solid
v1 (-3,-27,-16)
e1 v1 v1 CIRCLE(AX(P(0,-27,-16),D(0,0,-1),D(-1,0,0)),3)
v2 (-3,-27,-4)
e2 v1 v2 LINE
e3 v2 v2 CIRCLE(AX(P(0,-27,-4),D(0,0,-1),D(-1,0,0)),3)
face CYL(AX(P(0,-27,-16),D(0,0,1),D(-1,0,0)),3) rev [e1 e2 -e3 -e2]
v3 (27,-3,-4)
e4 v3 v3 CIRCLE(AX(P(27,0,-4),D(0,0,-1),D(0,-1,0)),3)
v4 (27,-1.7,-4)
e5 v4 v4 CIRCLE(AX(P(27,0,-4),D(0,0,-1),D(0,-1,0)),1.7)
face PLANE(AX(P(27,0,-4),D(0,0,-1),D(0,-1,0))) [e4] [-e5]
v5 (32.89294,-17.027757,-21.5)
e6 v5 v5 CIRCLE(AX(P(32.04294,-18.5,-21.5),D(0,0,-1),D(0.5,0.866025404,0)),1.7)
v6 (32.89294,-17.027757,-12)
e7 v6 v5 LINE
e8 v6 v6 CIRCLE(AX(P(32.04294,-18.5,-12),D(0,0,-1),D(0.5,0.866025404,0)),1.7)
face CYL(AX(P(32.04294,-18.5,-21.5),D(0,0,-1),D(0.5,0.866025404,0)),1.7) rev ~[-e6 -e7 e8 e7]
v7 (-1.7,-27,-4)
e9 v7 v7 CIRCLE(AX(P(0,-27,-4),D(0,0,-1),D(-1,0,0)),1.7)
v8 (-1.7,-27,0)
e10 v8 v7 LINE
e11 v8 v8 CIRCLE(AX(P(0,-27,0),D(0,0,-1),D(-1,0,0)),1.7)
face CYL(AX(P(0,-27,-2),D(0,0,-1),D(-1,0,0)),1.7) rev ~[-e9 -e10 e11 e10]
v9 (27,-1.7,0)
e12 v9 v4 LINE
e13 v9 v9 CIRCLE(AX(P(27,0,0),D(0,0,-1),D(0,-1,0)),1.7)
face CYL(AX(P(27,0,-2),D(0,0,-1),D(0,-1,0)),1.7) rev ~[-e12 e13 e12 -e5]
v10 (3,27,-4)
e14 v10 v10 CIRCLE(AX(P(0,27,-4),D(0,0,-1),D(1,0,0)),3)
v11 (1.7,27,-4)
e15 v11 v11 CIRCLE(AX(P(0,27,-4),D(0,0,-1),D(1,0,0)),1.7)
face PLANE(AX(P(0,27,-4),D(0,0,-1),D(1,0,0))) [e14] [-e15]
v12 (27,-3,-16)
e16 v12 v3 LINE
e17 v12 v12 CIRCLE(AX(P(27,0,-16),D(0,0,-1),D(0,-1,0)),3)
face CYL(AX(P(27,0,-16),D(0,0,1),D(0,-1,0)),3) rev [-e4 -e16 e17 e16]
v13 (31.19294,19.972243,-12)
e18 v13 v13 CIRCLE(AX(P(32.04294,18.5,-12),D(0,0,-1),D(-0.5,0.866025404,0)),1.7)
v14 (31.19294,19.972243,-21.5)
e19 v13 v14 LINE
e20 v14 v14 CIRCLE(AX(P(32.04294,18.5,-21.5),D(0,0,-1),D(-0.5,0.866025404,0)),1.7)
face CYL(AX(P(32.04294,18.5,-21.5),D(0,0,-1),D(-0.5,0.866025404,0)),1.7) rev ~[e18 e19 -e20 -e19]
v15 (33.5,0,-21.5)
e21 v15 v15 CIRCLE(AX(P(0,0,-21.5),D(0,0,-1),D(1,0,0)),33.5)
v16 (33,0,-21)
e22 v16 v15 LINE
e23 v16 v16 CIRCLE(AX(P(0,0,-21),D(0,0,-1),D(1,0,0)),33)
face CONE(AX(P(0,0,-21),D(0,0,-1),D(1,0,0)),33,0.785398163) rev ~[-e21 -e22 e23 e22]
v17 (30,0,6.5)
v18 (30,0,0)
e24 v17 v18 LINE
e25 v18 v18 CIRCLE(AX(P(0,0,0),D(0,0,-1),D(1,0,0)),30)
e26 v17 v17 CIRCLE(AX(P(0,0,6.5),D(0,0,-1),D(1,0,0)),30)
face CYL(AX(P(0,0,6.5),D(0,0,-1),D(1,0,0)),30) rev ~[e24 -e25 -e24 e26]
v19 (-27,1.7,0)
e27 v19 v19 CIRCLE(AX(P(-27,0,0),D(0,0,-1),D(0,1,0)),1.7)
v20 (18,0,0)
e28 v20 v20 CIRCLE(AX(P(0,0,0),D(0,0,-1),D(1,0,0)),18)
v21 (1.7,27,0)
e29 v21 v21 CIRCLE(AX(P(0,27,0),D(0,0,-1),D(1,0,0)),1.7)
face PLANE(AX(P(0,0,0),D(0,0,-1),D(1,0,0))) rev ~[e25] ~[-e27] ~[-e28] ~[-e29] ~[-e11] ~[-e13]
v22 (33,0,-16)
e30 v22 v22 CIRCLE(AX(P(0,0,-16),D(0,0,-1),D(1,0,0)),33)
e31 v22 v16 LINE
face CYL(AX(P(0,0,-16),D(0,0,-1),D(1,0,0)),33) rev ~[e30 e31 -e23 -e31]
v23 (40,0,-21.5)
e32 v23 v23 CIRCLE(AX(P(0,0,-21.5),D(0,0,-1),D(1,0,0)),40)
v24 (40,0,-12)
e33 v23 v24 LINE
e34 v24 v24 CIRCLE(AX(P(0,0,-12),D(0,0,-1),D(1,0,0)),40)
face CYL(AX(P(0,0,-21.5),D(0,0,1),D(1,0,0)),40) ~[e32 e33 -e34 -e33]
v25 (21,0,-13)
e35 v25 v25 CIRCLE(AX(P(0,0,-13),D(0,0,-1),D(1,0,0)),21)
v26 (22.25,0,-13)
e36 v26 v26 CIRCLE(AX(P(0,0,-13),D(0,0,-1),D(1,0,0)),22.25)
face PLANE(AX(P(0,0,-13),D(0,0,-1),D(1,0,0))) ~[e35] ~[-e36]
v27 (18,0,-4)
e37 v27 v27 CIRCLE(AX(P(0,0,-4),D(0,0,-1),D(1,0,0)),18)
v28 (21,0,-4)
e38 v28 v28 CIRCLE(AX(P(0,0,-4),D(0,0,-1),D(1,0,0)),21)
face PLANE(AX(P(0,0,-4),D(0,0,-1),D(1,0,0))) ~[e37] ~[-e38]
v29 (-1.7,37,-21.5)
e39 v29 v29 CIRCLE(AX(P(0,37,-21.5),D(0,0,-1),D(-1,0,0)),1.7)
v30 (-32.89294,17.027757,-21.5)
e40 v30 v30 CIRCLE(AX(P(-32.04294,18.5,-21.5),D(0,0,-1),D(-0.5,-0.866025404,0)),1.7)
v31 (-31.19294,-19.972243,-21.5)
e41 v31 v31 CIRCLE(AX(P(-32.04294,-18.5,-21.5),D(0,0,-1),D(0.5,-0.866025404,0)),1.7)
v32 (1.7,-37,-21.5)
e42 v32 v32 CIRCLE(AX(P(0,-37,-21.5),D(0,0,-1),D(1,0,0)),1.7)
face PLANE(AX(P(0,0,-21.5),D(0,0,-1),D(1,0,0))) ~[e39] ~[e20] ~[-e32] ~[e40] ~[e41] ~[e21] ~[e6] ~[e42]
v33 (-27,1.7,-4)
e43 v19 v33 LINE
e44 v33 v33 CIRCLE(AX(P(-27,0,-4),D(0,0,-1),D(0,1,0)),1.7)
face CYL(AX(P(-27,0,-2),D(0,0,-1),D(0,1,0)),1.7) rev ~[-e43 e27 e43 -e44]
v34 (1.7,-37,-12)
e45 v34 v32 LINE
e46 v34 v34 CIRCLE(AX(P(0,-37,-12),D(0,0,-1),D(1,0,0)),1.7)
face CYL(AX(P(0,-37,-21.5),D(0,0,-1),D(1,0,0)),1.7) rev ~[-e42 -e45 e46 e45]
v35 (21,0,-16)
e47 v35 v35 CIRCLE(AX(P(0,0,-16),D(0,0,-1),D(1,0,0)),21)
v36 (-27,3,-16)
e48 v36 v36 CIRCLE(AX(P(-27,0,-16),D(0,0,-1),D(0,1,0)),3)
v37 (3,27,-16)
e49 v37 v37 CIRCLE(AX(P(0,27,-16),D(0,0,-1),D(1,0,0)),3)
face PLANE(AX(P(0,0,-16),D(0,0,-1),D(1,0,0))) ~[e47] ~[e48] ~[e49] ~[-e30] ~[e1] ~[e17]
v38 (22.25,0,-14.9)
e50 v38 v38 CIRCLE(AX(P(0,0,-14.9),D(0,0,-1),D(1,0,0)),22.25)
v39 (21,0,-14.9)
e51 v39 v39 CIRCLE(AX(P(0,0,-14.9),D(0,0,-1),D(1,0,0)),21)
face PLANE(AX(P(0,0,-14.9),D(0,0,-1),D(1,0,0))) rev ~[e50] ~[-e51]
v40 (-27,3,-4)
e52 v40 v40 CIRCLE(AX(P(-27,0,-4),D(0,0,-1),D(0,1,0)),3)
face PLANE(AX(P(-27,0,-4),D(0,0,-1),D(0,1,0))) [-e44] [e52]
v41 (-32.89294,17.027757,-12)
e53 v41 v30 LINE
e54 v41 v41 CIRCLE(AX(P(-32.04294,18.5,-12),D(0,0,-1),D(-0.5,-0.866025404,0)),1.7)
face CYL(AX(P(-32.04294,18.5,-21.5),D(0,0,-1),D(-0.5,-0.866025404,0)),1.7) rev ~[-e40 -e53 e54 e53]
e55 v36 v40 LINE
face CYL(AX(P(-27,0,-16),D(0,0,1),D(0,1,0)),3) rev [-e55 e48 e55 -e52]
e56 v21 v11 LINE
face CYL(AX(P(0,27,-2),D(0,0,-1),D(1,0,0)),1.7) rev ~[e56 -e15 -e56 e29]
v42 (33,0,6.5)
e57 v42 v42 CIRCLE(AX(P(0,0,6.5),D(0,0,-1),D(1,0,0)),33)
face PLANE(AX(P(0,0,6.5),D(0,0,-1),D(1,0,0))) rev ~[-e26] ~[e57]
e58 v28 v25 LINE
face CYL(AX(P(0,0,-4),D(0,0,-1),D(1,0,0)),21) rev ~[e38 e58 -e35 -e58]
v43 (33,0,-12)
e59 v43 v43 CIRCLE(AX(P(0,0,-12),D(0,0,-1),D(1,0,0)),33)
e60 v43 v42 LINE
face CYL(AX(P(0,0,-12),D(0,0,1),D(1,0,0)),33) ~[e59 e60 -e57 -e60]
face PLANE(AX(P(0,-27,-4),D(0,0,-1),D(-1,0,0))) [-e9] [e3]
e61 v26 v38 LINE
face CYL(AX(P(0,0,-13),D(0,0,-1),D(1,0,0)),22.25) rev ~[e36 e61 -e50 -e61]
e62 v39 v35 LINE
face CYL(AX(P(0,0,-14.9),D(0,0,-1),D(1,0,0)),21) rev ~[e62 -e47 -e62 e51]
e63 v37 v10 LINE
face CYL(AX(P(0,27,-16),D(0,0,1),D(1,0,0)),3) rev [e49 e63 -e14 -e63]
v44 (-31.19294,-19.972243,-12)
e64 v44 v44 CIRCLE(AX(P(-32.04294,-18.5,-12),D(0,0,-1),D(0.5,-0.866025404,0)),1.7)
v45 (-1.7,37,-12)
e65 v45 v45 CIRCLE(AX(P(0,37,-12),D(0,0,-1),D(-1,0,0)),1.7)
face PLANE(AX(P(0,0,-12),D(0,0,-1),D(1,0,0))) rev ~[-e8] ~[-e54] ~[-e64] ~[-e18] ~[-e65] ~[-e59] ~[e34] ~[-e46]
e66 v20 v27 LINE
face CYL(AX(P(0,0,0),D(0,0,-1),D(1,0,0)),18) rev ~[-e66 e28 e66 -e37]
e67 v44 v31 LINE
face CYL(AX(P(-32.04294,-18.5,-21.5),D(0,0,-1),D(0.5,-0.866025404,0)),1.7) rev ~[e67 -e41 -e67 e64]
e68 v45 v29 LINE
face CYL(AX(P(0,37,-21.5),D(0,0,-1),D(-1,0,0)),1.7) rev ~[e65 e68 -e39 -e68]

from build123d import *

# Parameters (mm, degrees)
SKETCH_6_R               = 1.7
CUT_EXTRUDE_1_DEPTH      = 64.118935352
PATTERN_CIRCULAR_1_COUNT = 6
CHAMFER_1_SIZE           = 0.5
PATTERN_CIRCULAR_2_COUNT = 4


with BuildPart() as part:
    # 草图1 → 旋转1 (revolve)
    with BuildSketch(Plane(origin=(0, 0, 0), x_dir=(0, 0, -1), z_dir=(1, 0, 0))):
        Polygon((0, 30), (0, 18), (4, 18), (4, 21), (13, 21), (13, 22.25), (14.9, 22.25), (14.9, 21), (16, 21), (16, 33), (21.5, 33), (21.5, 40), (12, 40), (12, 33), (-6.5, 33), (-6.5, 30), align=None)
    revolve(axis=Axis((0, 0, 0), (0, 0, -1)))

    # 草图2 → 切除-旋转2 (revolve, cut)
    with BuildSketch(Plane(origin=(0, 0, 0), x_dir=(0, 0, -1), z_dir=(1, 0, 0))):
        Polygon((0, 27), (16, 27), (16, 30), (4, 30), (4, 28.7), (0, 28.7), align=None)
    cut_revolve_2 = revolve(axis=Axis((0, 27, 0), (0, 0, -1)), mode=Mode.SUBTRACT)

    # 草图6 → 切除-拉伸1 (cut, symmetric)
    with BuildSketch(Plane(origin=(0, 0, -21.5), x_dir=(-1, 0, 0), z_dir=(0, 0, -1))):
        with Locations((0, 37)):
            Circle(SKETCH_6_R)
    cut_extrude_1 = extrude(amount=CUT_EXTRUDE_1_DEPTH, both=True, mode=Mode.SUBTRACT)

    # 阵列(圆周)1: 切除-拉伸1 ×6 about axis
    pattern_circular_1_axis = Axis((0, 0, -22.986810874), (0, 0, 1))
    for i in range(1, PATTERN_CIRCULAR_1_COUNT):
        add(cut_extrude_1.rotate(pattern_circular_1_axis, i * 360 / PATTERN_CIRCULAR_1_COUNT), mode=Mode.SUBTRACT)

    # 倒角1
    chamfer_1_edges = [part.edges().sort_by_distance(p)[0] for p in [
        (0, -33, -21.5),
    ]]
    chamfer(chamfer_1_edges, length=CHAMFER_1_SIZE)

    # 阵列(圆周)2: 切除-旋转2 ×4 about axis
    pattern_circular_2_axis = Axis((0, 0, -16), (0, 0, 1))
    for i in range(1, PATTERN_CIRCULAR_2_COUNT):
        add(cut_revolve_2.rotate(pattern_circular_2_axis, i * 360 / PATTERN_CIRCULAR_2_COUNT), mode=Mode.SUBTRACT)


solid = part.part
